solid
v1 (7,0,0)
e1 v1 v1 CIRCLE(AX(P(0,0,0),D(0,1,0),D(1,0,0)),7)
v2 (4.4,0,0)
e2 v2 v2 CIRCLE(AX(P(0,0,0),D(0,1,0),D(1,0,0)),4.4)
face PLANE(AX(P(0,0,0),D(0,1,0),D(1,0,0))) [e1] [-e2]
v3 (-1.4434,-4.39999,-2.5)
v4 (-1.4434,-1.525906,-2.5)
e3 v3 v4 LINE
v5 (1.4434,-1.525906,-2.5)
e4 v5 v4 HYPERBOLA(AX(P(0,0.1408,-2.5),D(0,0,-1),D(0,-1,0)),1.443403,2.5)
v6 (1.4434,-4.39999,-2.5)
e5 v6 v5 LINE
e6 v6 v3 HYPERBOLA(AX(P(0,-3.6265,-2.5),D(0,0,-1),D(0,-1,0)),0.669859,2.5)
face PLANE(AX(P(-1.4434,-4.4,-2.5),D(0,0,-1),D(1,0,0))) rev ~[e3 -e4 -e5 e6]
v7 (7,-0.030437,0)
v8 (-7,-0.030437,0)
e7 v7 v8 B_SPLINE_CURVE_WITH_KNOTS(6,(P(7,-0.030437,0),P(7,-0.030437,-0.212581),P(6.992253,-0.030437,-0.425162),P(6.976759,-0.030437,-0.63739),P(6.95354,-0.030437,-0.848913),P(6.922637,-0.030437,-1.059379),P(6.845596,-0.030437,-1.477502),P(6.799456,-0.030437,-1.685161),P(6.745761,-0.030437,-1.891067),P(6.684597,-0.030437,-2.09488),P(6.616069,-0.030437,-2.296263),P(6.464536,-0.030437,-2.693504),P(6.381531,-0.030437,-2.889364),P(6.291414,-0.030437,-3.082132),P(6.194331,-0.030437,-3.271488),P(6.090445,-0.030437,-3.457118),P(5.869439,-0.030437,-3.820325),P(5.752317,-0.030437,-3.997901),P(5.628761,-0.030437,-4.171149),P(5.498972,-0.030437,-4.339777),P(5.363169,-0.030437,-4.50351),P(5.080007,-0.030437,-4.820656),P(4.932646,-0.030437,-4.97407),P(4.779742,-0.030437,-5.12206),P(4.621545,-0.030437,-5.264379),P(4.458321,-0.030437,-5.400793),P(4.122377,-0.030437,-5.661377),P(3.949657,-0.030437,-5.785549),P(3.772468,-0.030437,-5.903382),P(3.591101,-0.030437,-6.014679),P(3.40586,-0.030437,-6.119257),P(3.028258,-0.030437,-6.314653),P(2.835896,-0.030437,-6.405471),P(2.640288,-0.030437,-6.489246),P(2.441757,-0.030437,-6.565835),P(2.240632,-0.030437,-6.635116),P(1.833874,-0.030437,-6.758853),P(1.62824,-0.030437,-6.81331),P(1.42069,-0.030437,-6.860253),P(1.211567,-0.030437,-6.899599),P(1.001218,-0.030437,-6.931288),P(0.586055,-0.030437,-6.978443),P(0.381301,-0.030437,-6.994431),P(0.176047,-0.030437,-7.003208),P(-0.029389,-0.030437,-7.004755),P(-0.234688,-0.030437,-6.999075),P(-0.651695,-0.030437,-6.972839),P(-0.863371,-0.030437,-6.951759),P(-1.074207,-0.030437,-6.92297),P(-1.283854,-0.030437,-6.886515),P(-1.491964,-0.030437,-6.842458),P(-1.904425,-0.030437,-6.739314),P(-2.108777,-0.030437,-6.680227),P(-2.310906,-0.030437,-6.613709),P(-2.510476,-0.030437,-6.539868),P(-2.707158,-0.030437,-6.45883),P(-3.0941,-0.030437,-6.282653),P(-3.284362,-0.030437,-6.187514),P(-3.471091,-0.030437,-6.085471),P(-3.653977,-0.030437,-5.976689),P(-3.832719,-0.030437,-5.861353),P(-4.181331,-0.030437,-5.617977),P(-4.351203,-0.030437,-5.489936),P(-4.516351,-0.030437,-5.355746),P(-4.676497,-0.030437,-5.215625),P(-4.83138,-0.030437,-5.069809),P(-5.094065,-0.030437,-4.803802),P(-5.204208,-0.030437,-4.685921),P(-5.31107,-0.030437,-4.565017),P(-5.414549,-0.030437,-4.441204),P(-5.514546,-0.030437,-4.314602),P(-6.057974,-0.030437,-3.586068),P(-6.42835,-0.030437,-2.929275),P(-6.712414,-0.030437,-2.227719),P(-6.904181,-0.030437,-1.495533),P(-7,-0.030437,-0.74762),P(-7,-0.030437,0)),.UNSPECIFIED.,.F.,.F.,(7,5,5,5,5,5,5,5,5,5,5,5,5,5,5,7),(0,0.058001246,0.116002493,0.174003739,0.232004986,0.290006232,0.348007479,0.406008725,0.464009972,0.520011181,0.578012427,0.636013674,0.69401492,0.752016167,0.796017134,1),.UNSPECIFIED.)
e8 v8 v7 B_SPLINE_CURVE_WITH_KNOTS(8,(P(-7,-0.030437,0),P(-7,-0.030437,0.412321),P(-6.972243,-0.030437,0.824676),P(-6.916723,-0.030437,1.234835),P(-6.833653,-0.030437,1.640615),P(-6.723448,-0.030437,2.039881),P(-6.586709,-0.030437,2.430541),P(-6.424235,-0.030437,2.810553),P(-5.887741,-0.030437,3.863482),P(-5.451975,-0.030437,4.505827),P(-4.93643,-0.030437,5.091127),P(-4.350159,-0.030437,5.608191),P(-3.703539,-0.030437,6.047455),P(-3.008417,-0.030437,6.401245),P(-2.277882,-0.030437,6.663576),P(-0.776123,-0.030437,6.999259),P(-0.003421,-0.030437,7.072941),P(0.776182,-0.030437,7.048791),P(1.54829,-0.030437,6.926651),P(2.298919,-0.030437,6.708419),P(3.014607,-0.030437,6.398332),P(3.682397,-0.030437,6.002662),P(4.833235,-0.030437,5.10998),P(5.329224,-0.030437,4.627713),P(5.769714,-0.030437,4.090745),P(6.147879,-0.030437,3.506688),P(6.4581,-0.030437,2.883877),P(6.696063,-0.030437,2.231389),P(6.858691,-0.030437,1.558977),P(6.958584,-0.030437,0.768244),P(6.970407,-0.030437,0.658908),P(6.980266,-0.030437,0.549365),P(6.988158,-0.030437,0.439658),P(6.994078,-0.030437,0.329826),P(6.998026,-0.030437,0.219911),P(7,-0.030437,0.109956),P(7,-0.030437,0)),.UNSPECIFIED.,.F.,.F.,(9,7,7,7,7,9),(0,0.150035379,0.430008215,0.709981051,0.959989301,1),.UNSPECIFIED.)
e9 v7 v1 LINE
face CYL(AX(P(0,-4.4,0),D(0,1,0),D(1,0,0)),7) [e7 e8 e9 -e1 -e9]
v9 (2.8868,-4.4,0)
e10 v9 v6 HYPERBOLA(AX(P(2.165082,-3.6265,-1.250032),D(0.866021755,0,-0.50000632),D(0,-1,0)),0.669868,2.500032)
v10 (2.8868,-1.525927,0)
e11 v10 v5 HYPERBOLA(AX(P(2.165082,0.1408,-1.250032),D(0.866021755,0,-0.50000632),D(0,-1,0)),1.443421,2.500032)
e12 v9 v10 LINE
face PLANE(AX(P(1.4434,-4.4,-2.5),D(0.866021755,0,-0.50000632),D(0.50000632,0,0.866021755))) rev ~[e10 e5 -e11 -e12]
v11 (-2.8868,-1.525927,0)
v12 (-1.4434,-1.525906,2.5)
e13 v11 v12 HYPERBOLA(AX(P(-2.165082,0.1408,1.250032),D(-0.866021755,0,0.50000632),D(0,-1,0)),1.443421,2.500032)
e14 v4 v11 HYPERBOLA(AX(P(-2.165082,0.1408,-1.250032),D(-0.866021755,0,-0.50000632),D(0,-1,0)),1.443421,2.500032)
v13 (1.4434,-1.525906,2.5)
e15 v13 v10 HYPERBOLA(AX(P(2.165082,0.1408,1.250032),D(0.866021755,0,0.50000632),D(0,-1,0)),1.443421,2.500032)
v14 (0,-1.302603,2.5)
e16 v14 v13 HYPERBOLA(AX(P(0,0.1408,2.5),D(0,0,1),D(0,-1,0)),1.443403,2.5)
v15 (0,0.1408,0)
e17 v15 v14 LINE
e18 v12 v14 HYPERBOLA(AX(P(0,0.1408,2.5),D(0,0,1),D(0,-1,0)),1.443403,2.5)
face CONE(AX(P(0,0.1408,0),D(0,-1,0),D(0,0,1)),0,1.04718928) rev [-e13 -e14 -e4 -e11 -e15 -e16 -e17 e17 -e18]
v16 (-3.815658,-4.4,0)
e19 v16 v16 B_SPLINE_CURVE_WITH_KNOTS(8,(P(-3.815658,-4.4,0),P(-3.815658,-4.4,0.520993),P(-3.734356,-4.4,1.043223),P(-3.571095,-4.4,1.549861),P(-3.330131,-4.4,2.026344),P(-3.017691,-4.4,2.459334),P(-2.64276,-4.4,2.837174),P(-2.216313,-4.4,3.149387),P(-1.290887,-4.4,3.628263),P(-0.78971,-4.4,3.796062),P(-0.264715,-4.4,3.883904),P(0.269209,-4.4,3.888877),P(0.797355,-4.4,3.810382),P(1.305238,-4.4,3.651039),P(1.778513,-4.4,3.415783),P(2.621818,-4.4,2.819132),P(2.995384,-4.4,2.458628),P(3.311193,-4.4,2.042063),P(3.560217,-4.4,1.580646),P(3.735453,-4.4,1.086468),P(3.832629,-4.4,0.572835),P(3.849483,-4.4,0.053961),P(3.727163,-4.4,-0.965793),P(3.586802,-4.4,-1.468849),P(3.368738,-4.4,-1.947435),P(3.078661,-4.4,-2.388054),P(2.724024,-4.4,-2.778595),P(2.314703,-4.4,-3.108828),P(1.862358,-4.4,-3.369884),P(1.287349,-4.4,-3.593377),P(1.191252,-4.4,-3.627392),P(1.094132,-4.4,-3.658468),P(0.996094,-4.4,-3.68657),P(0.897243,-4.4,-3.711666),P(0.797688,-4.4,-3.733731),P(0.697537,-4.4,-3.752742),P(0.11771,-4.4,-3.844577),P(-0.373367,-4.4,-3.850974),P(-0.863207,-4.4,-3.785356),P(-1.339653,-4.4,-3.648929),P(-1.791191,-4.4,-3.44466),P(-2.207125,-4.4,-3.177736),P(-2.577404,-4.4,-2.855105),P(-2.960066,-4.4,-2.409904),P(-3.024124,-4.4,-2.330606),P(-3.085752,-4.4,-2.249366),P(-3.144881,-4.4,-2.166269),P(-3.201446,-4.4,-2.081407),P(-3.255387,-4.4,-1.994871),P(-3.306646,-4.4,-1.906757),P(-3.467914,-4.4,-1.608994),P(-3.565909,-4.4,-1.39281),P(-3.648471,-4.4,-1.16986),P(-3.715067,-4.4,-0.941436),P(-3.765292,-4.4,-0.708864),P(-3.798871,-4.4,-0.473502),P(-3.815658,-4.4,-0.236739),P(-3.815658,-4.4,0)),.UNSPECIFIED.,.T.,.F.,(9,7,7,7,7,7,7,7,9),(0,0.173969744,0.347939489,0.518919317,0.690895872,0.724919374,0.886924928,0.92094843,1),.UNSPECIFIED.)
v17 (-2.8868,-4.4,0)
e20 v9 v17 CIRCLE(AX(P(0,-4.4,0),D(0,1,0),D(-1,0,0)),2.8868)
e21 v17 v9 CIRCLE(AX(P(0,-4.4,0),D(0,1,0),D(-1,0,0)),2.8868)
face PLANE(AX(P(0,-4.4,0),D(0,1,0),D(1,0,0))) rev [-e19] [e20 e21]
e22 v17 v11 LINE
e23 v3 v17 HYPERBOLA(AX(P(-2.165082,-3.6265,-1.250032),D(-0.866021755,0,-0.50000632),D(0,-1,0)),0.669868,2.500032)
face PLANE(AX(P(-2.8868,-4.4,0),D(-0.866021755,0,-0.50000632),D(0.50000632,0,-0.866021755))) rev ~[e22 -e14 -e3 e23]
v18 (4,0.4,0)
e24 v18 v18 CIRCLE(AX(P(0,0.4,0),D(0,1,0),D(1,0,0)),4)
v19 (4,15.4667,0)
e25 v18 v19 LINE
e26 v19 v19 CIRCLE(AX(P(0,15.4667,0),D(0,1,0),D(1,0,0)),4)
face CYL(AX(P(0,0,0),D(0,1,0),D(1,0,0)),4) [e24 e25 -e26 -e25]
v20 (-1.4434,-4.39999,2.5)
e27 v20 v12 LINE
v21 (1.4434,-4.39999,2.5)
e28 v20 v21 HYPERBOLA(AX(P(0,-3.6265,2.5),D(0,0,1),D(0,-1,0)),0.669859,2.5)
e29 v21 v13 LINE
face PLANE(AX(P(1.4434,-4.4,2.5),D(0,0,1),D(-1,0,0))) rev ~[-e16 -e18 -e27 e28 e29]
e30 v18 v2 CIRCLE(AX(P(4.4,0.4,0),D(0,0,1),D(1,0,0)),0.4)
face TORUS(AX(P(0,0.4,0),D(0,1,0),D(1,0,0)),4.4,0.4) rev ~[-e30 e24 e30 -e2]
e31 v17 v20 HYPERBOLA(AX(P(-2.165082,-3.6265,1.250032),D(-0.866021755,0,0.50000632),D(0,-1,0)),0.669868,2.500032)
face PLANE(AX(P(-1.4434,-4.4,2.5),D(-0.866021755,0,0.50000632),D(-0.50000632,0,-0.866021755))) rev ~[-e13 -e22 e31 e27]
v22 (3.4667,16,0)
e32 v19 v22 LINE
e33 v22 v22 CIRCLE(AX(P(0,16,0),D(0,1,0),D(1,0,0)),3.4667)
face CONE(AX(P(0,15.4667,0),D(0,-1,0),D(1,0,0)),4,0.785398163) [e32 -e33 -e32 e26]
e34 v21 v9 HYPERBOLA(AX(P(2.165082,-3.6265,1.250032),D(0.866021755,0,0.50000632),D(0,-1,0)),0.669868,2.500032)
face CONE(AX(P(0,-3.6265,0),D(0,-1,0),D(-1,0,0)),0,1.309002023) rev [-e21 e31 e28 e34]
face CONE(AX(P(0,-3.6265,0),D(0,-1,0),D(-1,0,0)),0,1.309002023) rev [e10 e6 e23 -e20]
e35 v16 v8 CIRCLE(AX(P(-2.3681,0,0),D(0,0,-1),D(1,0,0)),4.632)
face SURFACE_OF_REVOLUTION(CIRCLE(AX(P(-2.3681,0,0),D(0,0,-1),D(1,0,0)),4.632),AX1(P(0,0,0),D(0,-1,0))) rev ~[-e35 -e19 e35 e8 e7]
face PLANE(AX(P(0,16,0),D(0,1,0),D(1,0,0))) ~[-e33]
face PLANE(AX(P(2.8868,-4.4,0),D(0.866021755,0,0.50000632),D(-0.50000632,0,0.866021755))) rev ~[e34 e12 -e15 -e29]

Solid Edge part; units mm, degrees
sketch "Sketch1" plane through (0, 0, 0) normal (0, 0, 1) x (1, 0, 0)
  line L0 (4, 0) -> (4, 16)
  line L1 (0, 16) -> (4, 16)
  line L2 (0, 0) -> (0, 16)
  line L3 (0, 0) -> (0, -4.4)
  line L4 (0, -4.4) -> (7, -4.4)
  line L5 (7, -4.4) -> (7, 0)
  line L6 (7, 0) -> (4, 0)
revolve "RevolvedProtrusion1" add sketch "Sketch1" angle 360 about axis through (0, 0, 0) along (0, 1, 0)
sketch "Sketch2" plane through (0, 0, 0) normal (1, 0, 0) x (0, 1, 0)
  line L0 (-4.4, 3.3615) -> (-1.8, 3.3615)
  line L1 (0.1408, 0) -> (-1.8, 3.3615)
  line L2 (-4.4, 0) -> (0.1408, 0)
  line L3 (-4.4, 0) -> (-4.4, 3.3615)
revolve "RevolvedCutout1" cut sketch "Sketch2" angle 360 about axis through (0, -4.5, 0) along (0, 1, 0)
sketch "Sketch3" plane through (0, -4.4, 0) normal (0, -1, 0) x (0, 0, 1)
  circle A0 centre (0, 0) radius 3.3615
  line L0 (-2.5, -1.4434) -> (0, -2.8868)
  line L1 (0, -2.8868) -> (2.5, -1.4434)
  line L2 (2.5, -1.4434) -> (2.5, 1.4434)
  line L3 (2.5, 1.4434) -> (0, 2.8868)
  line L4 (0, 2.8868) -> (-2.5, 1.4434)
  line L5 (-2.5, 1.4434) -> (-2.5, -1.4434)
  dimension "D1" = 5
extrude "Protrusion1" add sketch "Sketch3" against normal up to next
sketch "Sketch4" plane through (0, 0, 0) normal (0, 0, 1) x (1, 0, 0)
  line L0 (-2.8868, -4.4) -> (0, -4.4)
  line L1 (0, -4.4) -> (0, -3.6265)
  line L2 (0, -3.6265) -> (-2.8868, -4.4)
revolve "RevolvedCutout2" cut sketch "Sketch4" angle 360 about axis through (0, -4.5, 0) along (0, 1, 0)
fillet "Round1" radius 0.4 1 edges at (0, 0, -4)
chamfer "倒斜角_2" distance 0.5333 angle 45 1 edges at (0, 16, -4)
cosmetic_thread "螺纹_3" size "M8" thread depth 13.5
sketch "Sketch5" plane through (0, 0, 0) normal (0, 0, 1) x (1, 0, 0)
  arc A0 (-3.8153, -4.4) -> (-7, 0) centre (-2.3681, 0) cw
revolve "RevolvedCutout3" cut sketch "Sketch5" angle 360 about axis through (0, 0, 0) along (0, -1, 0) material side at (-6.1609, -2.7452, 0)
